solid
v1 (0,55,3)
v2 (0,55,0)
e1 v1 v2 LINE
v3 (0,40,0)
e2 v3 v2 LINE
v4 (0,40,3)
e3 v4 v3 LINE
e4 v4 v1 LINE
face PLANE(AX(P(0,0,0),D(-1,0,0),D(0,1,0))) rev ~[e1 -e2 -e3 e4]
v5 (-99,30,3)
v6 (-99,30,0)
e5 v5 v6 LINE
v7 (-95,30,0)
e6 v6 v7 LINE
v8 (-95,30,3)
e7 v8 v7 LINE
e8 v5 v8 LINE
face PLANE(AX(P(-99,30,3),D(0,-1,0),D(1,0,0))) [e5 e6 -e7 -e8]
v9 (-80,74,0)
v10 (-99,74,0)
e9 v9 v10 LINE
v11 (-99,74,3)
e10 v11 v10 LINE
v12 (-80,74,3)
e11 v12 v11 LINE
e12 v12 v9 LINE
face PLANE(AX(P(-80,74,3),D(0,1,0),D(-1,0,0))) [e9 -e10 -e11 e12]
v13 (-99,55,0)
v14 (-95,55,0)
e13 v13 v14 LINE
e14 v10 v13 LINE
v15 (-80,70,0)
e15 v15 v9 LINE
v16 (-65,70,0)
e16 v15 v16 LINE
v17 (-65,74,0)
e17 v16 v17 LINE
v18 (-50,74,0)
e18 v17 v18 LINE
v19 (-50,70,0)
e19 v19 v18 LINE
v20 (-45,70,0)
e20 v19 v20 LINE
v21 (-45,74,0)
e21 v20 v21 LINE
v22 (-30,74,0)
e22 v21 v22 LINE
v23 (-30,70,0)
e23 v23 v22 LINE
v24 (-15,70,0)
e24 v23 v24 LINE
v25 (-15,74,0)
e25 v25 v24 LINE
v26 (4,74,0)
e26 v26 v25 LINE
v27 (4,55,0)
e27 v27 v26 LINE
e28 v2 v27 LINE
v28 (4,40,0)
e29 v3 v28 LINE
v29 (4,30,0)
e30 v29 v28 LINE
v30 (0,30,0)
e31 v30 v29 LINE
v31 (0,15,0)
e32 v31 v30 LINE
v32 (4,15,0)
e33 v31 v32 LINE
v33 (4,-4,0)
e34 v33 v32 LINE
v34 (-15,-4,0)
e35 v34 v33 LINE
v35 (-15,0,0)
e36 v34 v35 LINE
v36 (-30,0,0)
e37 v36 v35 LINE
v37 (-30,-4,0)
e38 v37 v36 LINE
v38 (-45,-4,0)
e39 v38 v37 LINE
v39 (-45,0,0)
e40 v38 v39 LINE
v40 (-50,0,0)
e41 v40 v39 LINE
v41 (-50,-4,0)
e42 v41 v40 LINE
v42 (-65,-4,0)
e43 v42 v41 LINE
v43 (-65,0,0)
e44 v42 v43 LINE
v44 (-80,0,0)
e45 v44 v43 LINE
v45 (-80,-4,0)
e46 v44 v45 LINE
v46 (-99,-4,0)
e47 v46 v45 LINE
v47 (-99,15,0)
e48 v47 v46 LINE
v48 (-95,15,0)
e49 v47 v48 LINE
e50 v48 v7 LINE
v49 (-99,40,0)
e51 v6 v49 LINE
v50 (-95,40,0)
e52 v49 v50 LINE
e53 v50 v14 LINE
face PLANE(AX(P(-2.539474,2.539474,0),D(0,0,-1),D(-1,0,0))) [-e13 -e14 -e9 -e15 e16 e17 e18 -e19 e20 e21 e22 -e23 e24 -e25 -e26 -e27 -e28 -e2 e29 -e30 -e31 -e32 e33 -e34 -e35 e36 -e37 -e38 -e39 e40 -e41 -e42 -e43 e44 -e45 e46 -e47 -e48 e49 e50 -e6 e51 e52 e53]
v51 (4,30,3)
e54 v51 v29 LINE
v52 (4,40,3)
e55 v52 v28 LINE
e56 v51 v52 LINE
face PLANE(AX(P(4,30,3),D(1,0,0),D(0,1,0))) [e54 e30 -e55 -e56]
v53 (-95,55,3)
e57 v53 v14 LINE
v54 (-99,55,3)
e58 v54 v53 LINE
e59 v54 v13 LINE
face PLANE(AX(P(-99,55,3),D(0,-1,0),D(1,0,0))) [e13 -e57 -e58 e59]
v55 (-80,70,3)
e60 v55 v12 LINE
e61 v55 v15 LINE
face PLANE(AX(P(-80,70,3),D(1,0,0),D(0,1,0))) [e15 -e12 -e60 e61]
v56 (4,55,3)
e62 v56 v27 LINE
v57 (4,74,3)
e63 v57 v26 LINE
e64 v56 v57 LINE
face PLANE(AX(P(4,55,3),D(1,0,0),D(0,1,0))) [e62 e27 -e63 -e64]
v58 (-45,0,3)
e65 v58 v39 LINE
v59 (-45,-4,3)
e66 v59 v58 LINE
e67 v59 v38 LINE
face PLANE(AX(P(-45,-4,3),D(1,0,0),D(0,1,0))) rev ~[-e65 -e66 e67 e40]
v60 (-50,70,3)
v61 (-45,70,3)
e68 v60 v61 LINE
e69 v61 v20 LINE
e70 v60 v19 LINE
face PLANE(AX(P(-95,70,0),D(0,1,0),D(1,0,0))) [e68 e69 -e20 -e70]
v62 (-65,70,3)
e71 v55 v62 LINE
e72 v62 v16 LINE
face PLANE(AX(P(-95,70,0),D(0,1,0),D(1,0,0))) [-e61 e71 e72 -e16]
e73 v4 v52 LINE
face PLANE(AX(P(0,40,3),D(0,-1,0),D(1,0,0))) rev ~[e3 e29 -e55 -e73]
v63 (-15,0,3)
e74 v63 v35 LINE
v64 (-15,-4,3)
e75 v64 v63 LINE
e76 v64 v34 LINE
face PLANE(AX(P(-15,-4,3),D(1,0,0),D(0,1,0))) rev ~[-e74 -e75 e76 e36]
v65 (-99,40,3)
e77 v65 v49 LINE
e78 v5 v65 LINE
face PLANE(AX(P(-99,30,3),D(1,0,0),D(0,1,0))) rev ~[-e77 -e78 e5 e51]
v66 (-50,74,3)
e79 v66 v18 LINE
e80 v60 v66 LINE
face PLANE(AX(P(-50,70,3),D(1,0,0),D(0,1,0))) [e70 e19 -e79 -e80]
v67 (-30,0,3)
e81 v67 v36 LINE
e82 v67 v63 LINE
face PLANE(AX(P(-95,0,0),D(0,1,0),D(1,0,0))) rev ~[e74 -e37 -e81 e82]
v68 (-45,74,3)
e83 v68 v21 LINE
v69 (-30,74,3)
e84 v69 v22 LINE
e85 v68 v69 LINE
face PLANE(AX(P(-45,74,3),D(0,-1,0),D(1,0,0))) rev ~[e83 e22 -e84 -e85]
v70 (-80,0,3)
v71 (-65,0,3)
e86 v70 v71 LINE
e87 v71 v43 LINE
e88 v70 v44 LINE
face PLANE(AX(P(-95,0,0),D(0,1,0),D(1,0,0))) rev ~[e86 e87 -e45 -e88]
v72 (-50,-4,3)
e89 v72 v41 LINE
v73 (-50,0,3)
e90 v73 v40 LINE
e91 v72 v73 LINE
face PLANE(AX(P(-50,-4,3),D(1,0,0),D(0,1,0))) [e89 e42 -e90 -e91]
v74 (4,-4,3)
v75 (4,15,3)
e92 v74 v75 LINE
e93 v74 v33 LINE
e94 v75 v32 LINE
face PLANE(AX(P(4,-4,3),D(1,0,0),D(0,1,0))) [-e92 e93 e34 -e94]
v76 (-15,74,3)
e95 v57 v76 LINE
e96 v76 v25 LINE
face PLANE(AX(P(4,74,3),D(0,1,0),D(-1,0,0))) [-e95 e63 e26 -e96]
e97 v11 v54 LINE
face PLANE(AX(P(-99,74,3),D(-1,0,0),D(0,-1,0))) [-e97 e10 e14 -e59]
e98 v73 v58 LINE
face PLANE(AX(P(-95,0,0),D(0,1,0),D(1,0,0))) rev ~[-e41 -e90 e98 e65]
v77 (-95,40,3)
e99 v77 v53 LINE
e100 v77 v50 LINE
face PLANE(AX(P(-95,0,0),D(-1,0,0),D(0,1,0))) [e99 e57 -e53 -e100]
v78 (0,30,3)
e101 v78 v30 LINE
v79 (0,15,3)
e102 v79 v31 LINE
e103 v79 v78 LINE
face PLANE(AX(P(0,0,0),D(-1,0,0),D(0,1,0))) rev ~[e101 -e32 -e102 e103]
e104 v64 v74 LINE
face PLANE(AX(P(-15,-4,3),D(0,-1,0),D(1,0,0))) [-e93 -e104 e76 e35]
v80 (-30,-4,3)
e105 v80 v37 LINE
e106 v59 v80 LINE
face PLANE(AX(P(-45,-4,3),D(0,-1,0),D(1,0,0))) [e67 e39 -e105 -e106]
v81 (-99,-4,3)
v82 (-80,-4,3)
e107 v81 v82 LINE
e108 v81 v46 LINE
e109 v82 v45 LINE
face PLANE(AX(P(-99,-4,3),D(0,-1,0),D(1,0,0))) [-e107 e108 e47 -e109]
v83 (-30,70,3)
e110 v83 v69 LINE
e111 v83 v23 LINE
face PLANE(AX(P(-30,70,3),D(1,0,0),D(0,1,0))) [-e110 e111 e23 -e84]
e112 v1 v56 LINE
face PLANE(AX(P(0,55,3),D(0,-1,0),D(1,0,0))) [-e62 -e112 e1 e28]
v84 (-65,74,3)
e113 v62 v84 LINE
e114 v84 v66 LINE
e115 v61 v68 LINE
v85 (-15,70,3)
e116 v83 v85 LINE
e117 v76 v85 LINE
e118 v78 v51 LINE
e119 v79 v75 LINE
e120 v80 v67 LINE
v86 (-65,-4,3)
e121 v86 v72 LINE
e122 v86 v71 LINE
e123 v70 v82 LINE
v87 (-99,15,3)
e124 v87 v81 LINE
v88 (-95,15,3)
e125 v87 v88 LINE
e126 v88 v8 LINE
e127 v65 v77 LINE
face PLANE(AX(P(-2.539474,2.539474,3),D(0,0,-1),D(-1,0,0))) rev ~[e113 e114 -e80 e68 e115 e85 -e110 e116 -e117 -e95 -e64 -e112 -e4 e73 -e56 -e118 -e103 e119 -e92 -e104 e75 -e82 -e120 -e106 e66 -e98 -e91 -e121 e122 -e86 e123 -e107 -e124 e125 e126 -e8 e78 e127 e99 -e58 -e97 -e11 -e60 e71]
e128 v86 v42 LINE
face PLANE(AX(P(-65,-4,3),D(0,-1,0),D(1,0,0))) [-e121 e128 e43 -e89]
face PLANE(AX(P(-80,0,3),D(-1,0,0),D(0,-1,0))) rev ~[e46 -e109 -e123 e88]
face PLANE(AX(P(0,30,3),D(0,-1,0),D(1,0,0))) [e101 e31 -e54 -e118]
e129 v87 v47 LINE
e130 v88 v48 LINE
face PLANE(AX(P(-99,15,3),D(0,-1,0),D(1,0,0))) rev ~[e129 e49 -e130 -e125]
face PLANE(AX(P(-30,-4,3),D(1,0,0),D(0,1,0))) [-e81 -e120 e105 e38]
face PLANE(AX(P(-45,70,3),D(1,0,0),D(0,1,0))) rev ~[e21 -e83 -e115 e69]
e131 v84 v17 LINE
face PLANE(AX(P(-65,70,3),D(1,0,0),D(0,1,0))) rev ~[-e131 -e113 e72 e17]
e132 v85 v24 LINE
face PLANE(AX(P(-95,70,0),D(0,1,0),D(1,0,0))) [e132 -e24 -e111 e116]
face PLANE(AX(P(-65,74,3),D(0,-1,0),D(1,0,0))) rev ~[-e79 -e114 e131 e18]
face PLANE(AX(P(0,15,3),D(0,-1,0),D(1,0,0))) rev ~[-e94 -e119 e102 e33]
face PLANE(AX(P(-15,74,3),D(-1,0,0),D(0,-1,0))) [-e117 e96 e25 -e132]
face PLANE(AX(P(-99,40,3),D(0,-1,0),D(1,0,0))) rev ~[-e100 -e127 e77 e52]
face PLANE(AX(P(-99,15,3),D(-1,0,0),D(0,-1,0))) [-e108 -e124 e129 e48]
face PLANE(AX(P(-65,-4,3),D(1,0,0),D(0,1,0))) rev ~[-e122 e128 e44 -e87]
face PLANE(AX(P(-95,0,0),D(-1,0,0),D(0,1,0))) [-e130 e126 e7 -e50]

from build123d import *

# Parameters (mm, degrees)
SKETCH1_W           = 95
SKETCH1_H           = 70
BOSS_EXTRUDE1_DEPTH = 3
SKETCH2_W           = 4
SKETCH2_H           = 10
SKETCH2_W_2         = 15
SKETCH2_H_2         = 4
BOSS_EXTRUDE2_DEPTH = 3


with BuildPart() as part:
    # Sketch1 → Boss-Extrude1 (new body)
    with BuildSketch(Plane.XY):
        with Locations((-47.5, 35)):
            Rectangle(SKETCH1_W, SKETCH1_H)
    extrude(amount=BOSS_EXTRUDE1_DEPTH)

    # Sketch2 → Boss-Extrude2 (add)
    with BuildSketch(Plane.XY.offset(3)):
        Polygon((0, 15), (4, 15), (4, 0), (4, -4), (0, -4), (-15, -4), (-15, 0), (0, 0), align=None)
        with Locations((2, 35)):
            Rectangle(SKETCH2_W, SKETCH2_H)
        Polygon((-95, 70), (-80, 70), (-80, 74), (-95, 74), (-99, 74), (-99, 70), (-99, 55), (-95, 55), align=None)
        Polygon((0, 74), (-15, 74), (-15, 70), (0, 70), (0, 55), (4, 55), (4, 70), (4, 74), align=None)
        with Locations((-57.5, 72)):
            Rectangle(SKETCH2_W_2, SKETCH2_H_2)
        with Locations((-37.5, 72)):
            Rectangle(SKETCH2_W_2, SKETCH2_H_2)
        with Locations((-37.5, -2)):
            Rectangle(SKETCH2_W_2, SKETCH2_H_2)
        with Locations((-57.5, -2)):
            Rectangle(SKETCH2_W_2, SKETCH2_H_2)
        Polygon((-80, -4), (-95, -4), (-99, -4), (-99, 0), (-99, 15), (-95, 15), (-95, 0), (-80, 0), align=None)
        with Locations((-97, 35)):
            Rectangle(SKETCH2_W, SKETCH2_H)
    extrude(amount=-BOSS_EXTRUDE2_DEPTH)


solid = part.part
